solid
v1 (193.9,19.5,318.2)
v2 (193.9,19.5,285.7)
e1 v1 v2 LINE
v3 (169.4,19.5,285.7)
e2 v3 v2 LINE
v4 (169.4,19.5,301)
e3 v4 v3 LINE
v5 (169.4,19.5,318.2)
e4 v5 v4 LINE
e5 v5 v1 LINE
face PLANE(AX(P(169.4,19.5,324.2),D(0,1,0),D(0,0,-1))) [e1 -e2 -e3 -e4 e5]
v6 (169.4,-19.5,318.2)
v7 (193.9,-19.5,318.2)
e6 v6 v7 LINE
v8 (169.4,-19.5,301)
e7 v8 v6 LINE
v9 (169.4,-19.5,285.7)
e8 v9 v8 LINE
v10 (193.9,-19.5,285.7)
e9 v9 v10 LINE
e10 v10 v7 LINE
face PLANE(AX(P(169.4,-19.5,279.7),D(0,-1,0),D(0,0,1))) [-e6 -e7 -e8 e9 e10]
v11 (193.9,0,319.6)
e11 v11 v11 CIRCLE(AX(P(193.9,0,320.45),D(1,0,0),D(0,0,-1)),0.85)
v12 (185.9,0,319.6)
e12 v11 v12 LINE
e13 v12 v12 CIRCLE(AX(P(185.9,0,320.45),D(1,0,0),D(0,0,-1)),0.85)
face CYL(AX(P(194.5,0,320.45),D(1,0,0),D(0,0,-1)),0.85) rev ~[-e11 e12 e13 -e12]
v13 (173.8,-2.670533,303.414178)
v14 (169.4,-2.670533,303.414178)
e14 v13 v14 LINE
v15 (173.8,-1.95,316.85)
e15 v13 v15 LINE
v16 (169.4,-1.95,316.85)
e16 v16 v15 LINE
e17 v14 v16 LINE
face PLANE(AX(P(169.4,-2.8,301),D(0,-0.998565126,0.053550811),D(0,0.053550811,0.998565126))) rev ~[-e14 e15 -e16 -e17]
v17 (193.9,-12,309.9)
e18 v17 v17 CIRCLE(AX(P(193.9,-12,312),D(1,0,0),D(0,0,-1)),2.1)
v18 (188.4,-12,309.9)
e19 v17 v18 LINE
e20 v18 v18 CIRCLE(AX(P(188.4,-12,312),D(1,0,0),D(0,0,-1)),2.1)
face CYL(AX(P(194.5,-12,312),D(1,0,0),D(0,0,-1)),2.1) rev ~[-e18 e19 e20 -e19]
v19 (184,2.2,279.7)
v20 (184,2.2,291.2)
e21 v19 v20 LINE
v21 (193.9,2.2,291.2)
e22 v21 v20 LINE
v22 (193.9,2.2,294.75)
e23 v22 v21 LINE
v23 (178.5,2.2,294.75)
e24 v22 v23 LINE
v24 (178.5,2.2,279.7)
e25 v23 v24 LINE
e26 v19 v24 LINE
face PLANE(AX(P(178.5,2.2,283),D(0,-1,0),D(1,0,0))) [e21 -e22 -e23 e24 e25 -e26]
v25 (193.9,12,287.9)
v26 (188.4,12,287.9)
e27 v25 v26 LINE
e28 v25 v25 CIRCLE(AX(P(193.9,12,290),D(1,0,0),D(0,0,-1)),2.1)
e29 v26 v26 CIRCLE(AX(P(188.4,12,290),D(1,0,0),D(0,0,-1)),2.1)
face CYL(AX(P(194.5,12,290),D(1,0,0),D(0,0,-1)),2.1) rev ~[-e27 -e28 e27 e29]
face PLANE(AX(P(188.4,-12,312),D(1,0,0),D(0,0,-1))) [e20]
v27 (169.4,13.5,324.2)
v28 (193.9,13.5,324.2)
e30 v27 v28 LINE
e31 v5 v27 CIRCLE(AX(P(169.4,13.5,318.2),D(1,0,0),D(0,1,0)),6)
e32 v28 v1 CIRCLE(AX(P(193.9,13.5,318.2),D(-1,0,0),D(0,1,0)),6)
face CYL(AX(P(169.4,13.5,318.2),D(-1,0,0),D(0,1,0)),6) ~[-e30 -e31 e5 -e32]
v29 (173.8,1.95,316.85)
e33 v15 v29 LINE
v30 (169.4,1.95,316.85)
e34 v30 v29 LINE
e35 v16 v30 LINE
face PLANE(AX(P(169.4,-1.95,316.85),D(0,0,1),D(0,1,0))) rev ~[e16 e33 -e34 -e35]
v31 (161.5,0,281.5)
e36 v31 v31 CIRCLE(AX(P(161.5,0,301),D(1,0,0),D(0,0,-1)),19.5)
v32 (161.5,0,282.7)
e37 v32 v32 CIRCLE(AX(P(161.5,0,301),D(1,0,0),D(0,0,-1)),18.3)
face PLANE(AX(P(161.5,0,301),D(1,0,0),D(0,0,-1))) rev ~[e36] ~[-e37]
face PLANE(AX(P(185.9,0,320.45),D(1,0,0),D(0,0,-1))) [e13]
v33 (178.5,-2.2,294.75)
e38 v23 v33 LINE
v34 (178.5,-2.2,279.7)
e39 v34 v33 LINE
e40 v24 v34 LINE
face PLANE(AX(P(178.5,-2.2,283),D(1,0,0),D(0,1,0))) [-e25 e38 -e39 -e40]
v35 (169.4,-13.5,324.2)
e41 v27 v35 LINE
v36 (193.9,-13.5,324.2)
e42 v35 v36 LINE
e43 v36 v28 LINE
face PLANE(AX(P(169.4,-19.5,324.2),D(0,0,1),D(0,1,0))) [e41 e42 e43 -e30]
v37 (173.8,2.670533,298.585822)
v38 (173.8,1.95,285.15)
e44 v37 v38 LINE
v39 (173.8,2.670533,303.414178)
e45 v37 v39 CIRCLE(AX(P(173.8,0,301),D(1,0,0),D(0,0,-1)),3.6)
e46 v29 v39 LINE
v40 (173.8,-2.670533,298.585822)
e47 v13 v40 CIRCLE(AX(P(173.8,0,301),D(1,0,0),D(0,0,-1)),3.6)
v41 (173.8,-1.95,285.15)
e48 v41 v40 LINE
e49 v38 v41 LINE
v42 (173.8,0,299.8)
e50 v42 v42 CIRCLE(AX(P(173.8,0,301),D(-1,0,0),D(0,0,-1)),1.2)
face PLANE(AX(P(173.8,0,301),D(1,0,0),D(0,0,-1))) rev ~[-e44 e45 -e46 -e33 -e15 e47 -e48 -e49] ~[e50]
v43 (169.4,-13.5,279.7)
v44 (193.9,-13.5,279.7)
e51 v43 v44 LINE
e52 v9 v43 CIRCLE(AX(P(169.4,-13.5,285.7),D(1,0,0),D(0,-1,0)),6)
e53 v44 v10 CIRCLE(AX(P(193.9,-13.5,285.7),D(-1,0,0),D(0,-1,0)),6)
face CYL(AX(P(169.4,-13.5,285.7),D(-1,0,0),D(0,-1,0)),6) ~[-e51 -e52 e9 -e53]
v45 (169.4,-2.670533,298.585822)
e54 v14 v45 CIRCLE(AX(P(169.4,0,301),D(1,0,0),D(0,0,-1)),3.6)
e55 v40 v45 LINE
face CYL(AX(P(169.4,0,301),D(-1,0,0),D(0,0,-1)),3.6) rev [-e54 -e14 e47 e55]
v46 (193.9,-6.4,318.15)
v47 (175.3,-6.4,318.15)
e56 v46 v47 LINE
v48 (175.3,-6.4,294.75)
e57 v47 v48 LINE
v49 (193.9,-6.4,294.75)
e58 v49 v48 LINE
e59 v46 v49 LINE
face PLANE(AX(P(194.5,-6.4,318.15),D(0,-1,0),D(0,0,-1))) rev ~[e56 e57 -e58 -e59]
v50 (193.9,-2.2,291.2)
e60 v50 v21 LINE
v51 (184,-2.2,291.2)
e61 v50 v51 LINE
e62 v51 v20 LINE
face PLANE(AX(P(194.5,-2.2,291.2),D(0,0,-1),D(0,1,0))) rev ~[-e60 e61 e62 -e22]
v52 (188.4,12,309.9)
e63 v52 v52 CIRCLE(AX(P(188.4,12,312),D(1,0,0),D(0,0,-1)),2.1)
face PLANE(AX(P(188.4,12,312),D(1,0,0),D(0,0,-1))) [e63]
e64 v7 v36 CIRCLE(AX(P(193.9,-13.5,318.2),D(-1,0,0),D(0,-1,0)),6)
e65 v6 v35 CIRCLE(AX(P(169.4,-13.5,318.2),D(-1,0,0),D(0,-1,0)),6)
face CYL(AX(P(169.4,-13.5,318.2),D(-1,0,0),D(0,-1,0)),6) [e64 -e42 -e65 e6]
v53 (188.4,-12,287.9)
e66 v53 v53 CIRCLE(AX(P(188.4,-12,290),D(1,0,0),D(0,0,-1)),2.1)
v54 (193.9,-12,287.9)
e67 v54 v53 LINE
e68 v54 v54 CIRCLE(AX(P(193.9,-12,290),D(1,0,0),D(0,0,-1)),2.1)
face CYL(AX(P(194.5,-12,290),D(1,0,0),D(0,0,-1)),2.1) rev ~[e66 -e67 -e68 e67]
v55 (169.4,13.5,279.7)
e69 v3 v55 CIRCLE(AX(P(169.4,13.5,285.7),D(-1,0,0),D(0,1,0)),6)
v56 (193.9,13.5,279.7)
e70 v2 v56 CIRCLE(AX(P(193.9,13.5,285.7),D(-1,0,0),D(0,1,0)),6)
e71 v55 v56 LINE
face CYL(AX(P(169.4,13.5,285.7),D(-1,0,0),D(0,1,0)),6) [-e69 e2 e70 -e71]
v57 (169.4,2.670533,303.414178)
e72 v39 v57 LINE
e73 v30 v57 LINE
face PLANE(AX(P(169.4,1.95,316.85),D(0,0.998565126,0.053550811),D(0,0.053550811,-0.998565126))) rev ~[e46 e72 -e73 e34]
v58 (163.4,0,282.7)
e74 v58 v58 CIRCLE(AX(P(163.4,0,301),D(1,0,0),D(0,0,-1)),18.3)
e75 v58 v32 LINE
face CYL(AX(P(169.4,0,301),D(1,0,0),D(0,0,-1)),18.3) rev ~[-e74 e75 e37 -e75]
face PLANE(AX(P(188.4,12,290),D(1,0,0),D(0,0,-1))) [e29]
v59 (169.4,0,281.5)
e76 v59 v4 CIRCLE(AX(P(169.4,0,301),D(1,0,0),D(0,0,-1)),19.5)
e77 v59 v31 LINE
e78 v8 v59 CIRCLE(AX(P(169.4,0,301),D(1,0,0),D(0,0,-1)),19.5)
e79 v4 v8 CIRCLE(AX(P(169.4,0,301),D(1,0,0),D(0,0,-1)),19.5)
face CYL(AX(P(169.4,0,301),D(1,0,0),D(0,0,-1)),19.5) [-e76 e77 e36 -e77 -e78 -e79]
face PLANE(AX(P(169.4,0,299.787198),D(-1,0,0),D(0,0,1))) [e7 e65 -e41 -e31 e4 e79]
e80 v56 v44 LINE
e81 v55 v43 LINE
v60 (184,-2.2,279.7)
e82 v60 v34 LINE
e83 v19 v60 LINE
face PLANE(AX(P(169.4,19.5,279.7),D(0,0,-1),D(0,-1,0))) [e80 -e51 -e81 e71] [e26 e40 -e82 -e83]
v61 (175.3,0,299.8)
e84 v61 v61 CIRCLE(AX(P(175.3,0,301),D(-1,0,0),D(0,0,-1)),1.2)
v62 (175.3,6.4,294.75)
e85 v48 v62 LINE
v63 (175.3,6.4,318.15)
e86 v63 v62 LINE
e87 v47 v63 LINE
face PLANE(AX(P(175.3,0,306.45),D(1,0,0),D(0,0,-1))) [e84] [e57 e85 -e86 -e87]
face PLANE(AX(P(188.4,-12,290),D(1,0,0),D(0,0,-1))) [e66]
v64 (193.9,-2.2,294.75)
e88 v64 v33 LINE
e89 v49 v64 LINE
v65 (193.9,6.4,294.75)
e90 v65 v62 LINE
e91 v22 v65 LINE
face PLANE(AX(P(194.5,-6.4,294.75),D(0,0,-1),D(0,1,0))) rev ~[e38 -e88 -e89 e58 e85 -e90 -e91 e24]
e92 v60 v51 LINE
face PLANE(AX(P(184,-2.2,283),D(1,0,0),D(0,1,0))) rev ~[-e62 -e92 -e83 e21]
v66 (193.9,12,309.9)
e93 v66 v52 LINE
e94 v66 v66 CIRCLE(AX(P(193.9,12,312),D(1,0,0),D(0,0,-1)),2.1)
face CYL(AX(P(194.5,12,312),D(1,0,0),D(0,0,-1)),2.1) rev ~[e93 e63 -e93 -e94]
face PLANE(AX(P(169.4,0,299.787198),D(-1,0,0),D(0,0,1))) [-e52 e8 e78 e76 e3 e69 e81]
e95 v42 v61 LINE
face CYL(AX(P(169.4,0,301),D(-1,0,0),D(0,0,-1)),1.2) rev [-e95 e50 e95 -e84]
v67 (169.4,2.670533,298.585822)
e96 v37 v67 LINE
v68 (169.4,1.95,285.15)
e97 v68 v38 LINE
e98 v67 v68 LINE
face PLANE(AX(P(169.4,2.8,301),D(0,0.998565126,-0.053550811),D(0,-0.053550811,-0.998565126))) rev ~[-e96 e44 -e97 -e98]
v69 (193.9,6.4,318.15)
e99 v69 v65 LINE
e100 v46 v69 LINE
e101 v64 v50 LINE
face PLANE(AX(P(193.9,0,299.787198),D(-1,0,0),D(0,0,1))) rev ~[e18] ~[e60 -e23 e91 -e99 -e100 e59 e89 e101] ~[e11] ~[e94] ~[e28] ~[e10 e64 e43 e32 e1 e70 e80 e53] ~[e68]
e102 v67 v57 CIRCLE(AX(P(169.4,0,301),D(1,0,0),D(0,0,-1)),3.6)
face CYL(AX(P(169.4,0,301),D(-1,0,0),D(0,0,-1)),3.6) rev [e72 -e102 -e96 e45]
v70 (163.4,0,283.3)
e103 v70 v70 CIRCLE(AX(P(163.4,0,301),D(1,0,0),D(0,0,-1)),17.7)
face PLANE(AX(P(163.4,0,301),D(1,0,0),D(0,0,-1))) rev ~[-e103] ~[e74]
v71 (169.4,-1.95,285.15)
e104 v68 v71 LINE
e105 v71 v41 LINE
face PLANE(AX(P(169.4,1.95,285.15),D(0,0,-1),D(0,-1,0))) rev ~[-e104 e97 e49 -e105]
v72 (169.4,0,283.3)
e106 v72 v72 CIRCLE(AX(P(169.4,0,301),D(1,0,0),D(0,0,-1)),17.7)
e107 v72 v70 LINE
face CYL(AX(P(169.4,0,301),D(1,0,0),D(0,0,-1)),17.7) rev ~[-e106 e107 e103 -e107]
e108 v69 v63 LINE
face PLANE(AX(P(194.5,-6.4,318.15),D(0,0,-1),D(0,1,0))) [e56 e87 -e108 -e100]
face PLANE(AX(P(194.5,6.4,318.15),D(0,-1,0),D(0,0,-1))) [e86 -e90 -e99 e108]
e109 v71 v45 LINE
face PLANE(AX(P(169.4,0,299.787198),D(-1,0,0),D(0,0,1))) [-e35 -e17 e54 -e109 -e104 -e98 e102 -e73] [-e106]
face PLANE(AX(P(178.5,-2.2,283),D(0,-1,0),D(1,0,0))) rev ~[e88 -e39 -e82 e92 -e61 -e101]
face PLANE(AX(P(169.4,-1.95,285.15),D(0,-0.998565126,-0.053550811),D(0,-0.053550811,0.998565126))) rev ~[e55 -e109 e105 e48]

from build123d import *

# Parameters (mm, degrees)
SKETCH1_W           = 40.7
SKETCH1_H           = 17
BOSS_EXTRUDE1_DEPTH = 24.5
SKETCH2_W           = 40.7
SKETCH2_H           = 34
BOSS_EXTRUDE2_DEPTH = 4
SKETCH3_R           = 3.6
CUT_EXTRUDE1_DEPTH  = 4.4
CUT_EXTRUDE2_DEPTH  = 4.4
SKETCH5_R           = 1.2
CUT_EXTRUDE3_DEPTH  = 7
SKETCH6_W           = 23.4
SKETCH6_H           = 12.8
CUT_EXTRUDE4_DEPTH  = 19.2
SKETCH7_W           = 3.7
SKETCH7_H           = 4.4
CUT_EXTRUDE5_DEPTH  = 16
SKETCH8_R           = 0.85
CUT_EXTRUDE6_DEPTH  = 8.6
SKETCH9_R           = 1.7
CUT_EXTRUDE7_DEPTH  = 4.7
SKETCH10_W          = 5.5
SKETCH10_H          = 4.4
CUT_EXTRUDE8_DEPTH  = 8.3
BOSS_EXTRUDE3_DEPTH = 24.5
SKETCH12_W          = 5.5
SKETCH12_H          = 4.4
CUT_EXTRUDE9_DEPTH  = 3.5
CUT_EXTRUDE10_DEPTH = 326.708673511
SKETCH14_R          = 19.5
SKETCH14_R_2        = 18.3
BOSS_EXTRUDE4_DEPTH = 7.9
SKETCH15_R          = 2.1
CUT_EXTRUDE11_DEPTH = 6.1
SKETCH16_R          = 18.3
SKETCH16_R_2        = 17.7
BOSS_EXTRUDE6_DEPTH = 6


with BuildPart() as part:
    # Sketch1 → Boss-Extrude1 (new body)
    with BuildSketch(Plane(origin=(169.4, 0, 0), x_dir=(0, 0, -1), z_dir=(1, 0, 0))):
        with Locations((-303.85, 0)):
            Rectangle(SKETCH1_W, SKETCH1_H)
    extrude(amount=BOSS_EXTRUDE1_DEPTH)

    # Sketch2 → Boss-Extrude2 (add)
    with BuildSketch(Plane(origin=(189.9, 0, 0), x_dir=(0, 0, -1), z_dir=(1, 0, 0))):
        with Locations((-303.85, 0)):
            Rectangle(SKETCH2_W, SKETCH2_H)
    extrude(amount=BOSS_EXTRUDE2_DEPTH)

    # Sketch3 → Cut-Extrude1 (cut)
    with BuildSketch(Plane(origin=(169.4, 0, 0), x_dir=(0, 0, -1), z_dir=(1, 0, 0))):
        with Locations((-301, 0)):
            Circle(SKETCH3_R)
    extrude(amount=CUT_EXTRUDE1_DEPTH, mode=Mode.SUBTRACT)

    # Sketch4 → Cut-Extrude2 (cut)
    with BuildSketch(Plane(origin=(169.4, 0, 0), x_dir=(0, 0, -1), z_dir=(1, 0, 0))):
        Polygon((-285.15, -1.95), (-301, -2.8), (-316.85, -1.95), (-316.85, 1.95), (-301, 2.8), (-285.15, 1.95), align=None)
    extrude(amount=CUT_EXTRUDE2_DEPTH, mode=Mode.SUBTRACT)

    # Sketch5 → Cut-Extrude3 (cut)
    with BuildSketch(Plane(origin=(169.4, 0, 0), x_dir=(0, 0, -1), z_dir=(1, 0, 0))):
        with Locations((-301, 0)):
            Circle(SKETCH5_R)
    extrude(amount=CUT_EXTRUDE3_DEPTH, mode=Mode.SUBTRACT)

    # Sketch6 → Cut-Extrude4 (cut)
    with BuildSketch(Plane(origin=(194.5, 0, 0), x_dir=(0, 0, -1), z_dir=(1, 0, 0))):
        with Locations((-306.45, 0)):
            Rectangle(SKETCH6_W, SKETCH6_H)
    extrude(amount=-CUT_EXTRUDE4_DEPTH, mode=Mode.SUBTRACT)

    # Sketch7 → Cut-Extrude5 (cut)
    with BuildSketch(Plane(origin=(194.5, 0, 0), x_dir=(0, 0, -1), z_dir=(1, 0, 0))):
        with Locations((-293.05, 0)):
            Rectangle(SKETCH7_W, SKETCH7_H)
    extrude(amount=-CUT_EXTRUDE5_DEPTH, mode=Mode.SUBTRACT)

    # Sketch8 → Cut-Extrude6 (cut)
    with BuildSketch(Plane(origin=(194.5, 0, 0), x_dir=(0, 0, -1), z_dir=(1, 0, 0))):
        with Locations((-320.45, 0)):
            Circle(SKETCH8_R)
    extrude(amount=-CUT_EXTRUDE6_DEPTH, mode=Mode.SUBTRACT)

    # Sketch9 → Cut-Extrude7 (cut)
    with BuildSketch(Plane(origin=(194.5, 0, 0), x_dir=(0, 0, -1), z_dir=(1, 0, 0))):
        with Locations(Location((-290, 12, 0), (0, 0, 180))):
            Circle(SKETCH9_R)
        with Locations(Location((-290, -12, 0), (0, 0, 180))):
            Circle(SKETCH9_R)
        with Locations(Location((-312, 12, 0), (0, 0, 180))):
            Circle(SKETCH9_R)
        with Locations(Location((-312, -12, 0), (0, 0, 180))):
            Circle(SKETCH9_R)
    extrude(amount=-CUT_EXTRUDE7_DEPTH, mode=Mode.SUBTRACT)

    # Sketch10 → Cut-Extrude8 (cut)
    with BuildSketch(Plane.XY.offset(283)):
        with Locations((181.25, 0)):
            Rectangle(SKETCH10_W, SKETCH10_H)
    extrude(amount=CUT_EXTRUDE8_DEPTH, mode=Mode.SUBTRACT)

    # Sketch11 → Boss-Extrude3 (add)
    with BuildSketch(Plane(origin=(169.4, 0, 0), x_dir=(0, 0, -1), z_dir=(1, 0, 0))):
        Polygon((-279.7, -19.5), (-324.2, -19.5), (-324.2, -8.5), (-283.5, -8.5), (-283.5, 8.5), (-324.2, 8.5), (-324.2, 19.5), (-279.7, 19.5), align=None)
    extrude(amount=BOSS_EXTRUDE3_DEPTH)

    # Sketch12 → Cut-Extrude9 (cut, symmetric)
    with BuildSketch(Plane.XY.offset(283)):
        with Locations((181.25, 0)):
            Rectangle(SKETCH12_W, SKETCH12_H)
    extrude(amount=CUT_EXTRUDE9_DEPTH, both=True, mode=Mode.SUBTRACT)

    # Sketch13 → Cut-Extrude10 (cut, through all)
    with BuildSketch(Plane(origin=(169.4, 0, 0), x_dir=(0, 0, -1), z_dir=(1, 0, 0))):
        with BuildLine():
            Line((-324.2, 13.5), (-325.5, 13.5))
            Line((-325.5, 13.5), (-325.5, 20.5))
            Line((-325.5, 20.5), (-318.2, 20.5))
            Line((-318.2, 20.5), (-318.2, 19.5))
            ThreePointArc((-318.2, 19.5), (-322.442640687, 17.742640687), (-324.2, 13.5))
        make_face()
        with BuildLine():
            Line((-324.2, -13.5), (-325.5, -13.5))
            Line((-325.5, -13.5), (-325.5, -20.5))
            Line((-325.5, -20.5), (-318.2, -20.5))
            Line((-318.2, -20.5), (-318.2, -19.5))
            ThreePointArc((-318.2, -19.5), (-322.442640687, -17.742640687), (-324.2, -13.5))
        make_face()
        with BuildLine():
            Line((-279.7, 13.5), (-278.4, 13.5))
            Line((-278.4, 13.5), (-278.4, 20.5))
            Line((-278.4, 20.5), (-285.7, 20.5))
            Line((-285.7, 20.5), (-285.7, 19.5))
            ThreePointArc((-285.7, 19.5), (-281.457359313, 17.742640687), (-279.7, 13.5))
        make_face()
        with BuildLine():
            Line((-279.7, -13.5), (-278.4, -13.5))
            Line((-278.4, -13.5), (-278.4, -20.5))
            Line((-278.4, -20.5), (-285.7, -20.5))
            Line((-285.7, -20.5), (-285.7, -19.5))
            ThreePointArc((-285.7, -19.5), (-281.457359313, -17.742640687), (-279.7, -13.5))
        make_face()
    extrude(amount=CUT_EXTRUDE10_DEPTH, mode=Mode.SUBTRACT)

    # Sketch14 → Boss-Extrude4 (add)
    with BuildSketch(Plane(origin=(169.4, 0, 0), x_dir=(0, 0, -1), z_dir=(1, 0, 0))):
        with Locations((-301, 0)):
            Circle(SKETCH14_R)
        with Locations((-301, 0)):
            Circle(SKETCH14_R_2, mode=Mode.SUBTRACT)
    extrude(amount=-BOSS_EXTRUDE4_DEPTH)

    # Sketch15 → Cut-Extrude11 (cut)
    with BuildSketch(Plane(origin=(194.5, 0, 0), x_dir=(0, 0, -1), z_dir=(1, 0, 0))):
        with Locations((-290, 12)):
            Circle(SKETCH15_R)
        with Locations((-290, -12)):
            Circle(SKETCH15_R)
        with Locations((-312, 12)):
            Circle(SKETCH15_R)
        with Locations((-312, -12)):
            Circle(SKETCH15_R)
    extrude(amount=-CUT_EXTRUDE11_DEPTH, mode=Mode.SUBTRACT)

    # Sketch16 → Boss-Extrude6 (add)
    with BuildSketch(Plane(origin=(169.4, 0, 0), x_dir=(0, 0, -1), z_dir=(1, 0, 0))):
        with Locations((-301, 0)):
            Circle(SKETCH16_R)
        with Locations((-301, 0)):
            Circle(SKETCH16_R_2, mode=Mode.SUBTRACT)
    extrude(amount=-BOSS_EXTRUDE6_DEPTH)


solid = part.part
